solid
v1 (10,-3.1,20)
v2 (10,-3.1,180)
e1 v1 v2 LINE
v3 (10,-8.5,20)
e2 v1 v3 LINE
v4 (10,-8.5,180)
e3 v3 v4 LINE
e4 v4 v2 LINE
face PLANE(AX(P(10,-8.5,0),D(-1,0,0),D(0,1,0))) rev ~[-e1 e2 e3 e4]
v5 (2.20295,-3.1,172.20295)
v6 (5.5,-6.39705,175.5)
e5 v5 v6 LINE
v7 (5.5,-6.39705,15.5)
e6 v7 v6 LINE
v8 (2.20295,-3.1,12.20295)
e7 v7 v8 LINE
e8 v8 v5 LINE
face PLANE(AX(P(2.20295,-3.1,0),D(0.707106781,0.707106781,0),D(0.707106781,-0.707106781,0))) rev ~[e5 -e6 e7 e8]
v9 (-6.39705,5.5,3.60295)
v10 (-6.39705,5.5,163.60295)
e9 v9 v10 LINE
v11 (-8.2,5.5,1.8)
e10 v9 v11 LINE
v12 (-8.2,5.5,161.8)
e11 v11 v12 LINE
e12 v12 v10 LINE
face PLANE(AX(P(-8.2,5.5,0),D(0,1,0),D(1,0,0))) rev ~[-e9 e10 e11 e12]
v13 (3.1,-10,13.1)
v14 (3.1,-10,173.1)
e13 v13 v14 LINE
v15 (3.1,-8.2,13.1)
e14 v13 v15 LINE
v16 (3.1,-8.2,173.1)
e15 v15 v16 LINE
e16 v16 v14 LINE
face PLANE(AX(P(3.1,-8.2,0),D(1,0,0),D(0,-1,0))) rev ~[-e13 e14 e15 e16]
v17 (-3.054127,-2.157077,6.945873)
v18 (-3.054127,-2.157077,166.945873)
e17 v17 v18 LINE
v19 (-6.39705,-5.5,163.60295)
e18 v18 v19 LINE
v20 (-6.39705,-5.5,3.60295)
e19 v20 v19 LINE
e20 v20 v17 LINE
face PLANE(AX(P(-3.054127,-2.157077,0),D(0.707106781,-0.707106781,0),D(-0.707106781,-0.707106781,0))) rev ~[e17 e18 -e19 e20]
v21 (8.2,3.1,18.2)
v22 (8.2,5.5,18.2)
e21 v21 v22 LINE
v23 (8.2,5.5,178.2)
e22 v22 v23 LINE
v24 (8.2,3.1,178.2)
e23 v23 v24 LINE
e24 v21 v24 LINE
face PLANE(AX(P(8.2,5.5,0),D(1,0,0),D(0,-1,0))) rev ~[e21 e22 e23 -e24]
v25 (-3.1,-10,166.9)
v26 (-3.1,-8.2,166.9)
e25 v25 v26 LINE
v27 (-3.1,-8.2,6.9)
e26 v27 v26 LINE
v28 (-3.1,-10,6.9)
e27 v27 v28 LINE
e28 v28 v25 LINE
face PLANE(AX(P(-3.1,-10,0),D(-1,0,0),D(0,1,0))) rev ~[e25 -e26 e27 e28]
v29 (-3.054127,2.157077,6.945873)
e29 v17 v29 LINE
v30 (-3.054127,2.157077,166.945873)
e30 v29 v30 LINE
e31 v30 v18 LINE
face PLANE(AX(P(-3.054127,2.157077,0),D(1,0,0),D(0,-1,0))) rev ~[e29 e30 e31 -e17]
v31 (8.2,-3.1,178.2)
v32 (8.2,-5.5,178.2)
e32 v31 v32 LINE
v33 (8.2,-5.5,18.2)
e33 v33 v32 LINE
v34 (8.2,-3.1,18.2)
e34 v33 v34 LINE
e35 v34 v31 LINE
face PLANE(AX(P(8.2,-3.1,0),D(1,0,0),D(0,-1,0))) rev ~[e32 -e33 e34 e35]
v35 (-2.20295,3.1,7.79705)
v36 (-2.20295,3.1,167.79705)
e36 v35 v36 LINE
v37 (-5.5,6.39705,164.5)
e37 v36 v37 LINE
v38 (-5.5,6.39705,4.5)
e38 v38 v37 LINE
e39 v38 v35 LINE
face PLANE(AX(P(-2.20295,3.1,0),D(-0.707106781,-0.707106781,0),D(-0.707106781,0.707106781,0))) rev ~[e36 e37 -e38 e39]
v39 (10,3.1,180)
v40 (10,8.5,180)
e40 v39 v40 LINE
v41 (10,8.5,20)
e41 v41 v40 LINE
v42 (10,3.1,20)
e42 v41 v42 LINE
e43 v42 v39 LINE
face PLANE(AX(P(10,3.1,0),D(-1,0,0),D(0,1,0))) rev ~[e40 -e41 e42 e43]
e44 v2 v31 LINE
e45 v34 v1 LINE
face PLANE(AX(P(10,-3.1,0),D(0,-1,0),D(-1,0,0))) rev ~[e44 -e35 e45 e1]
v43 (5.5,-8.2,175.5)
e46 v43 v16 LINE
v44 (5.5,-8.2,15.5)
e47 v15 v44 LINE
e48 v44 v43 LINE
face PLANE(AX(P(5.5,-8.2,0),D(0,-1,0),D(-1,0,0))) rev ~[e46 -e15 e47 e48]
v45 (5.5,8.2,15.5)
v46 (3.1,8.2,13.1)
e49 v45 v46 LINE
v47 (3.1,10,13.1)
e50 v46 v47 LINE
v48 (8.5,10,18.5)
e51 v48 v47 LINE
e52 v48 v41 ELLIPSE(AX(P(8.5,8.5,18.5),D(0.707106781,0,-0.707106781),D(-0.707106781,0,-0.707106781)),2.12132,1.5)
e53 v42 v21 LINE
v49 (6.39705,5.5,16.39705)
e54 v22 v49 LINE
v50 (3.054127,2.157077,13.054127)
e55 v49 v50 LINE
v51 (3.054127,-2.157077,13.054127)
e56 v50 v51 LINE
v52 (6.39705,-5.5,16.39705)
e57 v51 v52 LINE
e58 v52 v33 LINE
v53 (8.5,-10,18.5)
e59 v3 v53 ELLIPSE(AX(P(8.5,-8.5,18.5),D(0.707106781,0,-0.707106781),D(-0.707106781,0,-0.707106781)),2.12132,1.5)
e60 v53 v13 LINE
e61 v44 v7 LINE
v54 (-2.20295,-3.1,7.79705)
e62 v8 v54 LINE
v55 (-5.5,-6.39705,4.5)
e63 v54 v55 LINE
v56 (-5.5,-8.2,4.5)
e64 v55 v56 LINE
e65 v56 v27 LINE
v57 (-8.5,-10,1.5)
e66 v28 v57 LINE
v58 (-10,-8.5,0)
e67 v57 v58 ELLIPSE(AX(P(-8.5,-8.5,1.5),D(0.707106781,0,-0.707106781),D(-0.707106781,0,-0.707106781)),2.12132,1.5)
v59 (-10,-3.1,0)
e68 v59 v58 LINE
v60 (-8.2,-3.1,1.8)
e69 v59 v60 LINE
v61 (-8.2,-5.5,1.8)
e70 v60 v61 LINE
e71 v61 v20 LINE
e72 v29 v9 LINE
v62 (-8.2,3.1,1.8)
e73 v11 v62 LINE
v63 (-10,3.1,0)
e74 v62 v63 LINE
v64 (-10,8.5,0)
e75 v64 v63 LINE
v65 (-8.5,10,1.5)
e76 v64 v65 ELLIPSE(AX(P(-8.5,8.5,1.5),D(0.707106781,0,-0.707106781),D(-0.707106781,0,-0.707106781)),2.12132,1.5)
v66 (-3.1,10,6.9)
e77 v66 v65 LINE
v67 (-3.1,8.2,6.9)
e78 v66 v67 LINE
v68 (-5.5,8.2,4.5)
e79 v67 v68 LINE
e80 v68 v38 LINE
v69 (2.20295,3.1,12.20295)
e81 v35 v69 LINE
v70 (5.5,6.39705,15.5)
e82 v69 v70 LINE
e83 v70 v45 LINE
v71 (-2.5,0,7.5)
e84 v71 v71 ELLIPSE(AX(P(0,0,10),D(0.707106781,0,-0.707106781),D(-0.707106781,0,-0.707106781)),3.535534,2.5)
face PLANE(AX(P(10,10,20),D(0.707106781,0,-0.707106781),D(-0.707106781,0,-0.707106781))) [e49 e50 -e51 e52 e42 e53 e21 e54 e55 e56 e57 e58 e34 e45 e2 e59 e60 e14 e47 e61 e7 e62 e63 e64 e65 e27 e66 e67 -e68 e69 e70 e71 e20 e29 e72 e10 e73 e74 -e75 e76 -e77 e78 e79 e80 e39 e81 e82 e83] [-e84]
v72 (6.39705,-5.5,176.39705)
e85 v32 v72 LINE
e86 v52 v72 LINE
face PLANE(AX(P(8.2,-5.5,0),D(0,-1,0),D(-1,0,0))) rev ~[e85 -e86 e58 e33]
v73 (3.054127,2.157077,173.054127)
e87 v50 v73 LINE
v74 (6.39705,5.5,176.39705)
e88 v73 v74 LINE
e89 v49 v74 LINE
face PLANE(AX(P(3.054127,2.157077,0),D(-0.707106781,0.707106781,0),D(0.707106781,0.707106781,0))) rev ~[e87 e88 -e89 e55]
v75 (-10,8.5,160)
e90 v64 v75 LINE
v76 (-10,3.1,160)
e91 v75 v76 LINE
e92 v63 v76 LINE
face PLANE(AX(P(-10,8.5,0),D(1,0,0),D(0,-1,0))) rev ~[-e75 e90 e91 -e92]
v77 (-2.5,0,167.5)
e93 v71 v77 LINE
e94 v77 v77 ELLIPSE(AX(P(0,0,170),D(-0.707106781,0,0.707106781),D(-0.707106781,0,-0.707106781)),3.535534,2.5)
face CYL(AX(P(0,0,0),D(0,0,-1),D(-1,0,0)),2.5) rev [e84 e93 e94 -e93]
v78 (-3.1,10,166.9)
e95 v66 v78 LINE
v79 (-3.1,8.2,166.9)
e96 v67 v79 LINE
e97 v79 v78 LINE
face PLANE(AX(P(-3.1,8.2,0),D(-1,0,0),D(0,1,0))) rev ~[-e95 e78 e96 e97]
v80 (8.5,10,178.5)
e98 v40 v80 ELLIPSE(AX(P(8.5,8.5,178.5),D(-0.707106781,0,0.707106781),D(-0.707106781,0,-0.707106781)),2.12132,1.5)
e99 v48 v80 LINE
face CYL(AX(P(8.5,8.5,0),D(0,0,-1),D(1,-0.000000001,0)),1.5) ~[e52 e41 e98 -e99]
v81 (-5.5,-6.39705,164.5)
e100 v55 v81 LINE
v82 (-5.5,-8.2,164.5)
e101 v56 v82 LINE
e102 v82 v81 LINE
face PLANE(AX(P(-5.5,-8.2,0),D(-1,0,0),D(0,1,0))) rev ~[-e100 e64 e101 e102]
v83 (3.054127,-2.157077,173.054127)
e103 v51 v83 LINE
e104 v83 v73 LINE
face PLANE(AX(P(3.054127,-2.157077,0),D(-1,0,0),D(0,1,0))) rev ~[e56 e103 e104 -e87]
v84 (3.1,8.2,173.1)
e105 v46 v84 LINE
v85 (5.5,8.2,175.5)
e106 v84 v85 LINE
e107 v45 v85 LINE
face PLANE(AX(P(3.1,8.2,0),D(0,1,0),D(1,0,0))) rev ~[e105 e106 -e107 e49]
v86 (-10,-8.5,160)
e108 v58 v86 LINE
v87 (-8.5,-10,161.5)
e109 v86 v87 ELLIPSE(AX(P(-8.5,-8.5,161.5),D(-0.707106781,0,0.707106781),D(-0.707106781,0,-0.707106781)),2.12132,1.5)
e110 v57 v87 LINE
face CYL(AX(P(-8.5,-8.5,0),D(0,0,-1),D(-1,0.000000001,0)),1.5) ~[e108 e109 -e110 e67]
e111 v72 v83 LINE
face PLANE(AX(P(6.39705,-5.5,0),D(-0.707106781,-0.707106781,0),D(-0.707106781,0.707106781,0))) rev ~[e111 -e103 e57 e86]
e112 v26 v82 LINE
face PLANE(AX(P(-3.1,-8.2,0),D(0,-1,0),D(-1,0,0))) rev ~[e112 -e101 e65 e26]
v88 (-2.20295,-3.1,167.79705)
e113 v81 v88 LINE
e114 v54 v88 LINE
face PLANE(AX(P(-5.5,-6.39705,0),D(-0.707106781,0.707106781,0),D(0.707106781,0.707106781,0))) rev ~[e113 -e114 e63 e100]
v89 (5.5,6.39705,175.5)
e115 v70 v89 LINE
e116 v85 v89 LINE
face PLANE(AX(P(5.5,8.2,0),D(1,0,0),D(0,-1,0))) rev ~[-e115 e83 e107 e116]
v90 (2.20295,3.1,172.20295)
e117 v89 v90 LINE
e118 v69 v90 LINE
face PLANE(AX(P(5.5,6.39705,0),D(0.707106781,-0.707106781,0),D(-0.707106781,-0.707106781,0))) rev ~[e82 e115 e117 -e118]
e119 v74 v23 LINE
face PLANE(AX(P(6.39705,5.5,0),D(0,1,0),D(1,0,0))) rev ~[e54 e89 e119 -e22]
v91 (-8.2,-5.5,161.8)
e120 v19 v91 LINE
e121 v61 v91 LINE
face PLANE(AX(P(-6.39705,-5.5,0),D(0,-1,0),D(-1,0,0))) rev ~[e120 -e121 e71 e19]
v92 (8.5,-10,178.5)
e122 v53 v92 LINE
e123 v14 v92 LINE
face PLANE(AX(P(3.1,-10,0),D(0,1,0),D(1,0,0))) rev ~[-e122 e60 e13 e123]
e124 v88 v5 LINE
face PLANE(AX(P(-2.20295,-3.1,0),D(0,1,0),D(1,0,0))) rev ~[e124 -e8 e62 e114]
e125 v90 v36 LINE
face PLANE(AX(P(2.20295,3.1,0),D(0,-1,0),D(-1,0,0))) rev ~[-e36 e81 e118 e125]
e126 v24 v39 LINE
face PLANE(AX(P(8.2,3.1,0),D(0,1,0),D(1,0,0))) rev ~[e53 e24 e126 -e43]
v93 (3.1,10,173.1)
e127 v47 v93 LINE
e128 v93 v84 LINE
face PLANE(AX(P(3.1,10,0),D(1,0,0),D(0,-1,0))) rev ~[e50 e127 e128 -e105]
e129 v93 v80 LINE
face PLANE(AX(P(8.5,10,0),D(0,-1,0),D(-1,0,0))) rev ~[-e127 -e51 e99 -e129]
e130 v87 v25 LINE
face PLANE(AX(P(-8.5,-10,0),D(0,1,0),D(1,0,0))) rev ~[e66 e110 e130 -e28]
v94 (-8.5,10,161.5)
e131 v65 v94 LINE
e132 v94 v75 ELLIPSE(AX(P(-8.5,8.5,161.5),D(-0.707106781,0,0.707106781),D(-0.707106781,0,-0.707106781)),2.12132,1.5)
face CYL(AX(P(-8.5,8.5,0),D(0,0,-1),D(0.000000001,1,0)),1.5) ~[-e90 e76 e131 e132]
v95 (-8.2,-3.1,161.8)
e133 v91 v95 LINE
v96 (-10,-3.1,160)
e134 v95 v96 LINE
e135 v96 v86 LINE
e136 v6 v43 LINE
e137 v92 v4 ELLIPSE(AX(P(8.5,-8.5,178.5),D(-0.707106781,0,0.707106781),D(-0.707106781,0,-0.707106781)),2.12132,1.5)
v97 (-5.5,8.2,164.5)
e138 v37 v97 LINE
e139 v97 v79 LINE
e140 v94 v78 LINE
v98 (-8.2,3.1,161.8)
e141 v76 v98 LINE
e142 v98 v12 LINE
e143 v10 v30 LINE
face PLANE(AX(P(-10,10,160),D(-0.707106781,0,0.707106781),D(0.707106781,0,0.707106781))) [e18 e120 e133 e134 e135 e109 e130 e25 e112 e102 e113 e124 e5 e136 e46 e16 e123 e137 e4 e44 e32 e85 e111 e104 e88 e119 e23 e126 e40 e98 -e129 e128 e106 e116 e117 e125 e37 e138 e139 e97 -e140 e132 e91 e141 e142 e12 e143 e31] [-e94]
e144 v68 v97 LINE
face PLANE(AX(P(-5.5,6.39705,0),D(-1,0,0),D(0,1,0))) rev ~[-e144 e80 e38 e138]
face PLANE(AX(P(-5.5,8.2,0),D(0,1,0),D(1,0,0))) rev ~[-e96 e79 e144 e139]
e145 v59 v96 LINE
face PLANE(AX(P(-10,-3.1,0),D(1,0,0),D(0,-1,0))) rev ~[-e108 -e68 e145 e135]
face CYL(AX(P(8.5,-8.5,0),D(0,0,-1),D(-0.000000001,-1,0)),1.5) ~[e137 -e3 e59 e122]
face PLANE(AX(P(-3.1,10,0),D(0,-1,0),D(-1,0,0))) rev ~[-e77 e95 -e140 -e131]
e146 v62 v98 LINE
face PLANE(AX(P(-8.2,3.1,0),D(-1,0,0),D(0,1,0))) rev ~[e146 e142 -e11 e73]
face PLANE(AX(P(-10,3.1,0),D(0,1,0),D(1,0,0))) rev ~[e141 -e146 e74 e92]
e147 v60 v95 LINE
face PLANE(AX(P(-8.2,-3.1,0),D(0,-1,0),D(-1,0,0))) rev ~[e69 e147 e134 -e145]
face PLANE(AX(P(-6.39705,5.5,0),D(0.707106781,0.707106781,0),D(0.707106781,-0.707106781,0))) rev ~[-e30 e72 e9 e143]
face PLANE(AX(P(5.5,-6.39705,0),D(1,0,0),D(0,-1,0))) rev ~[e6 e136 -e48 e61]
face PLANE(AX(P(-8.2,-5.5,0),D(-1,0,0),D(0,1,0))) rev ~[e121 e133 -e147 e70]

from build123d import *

# Parameters (mm, degrees)
SKETCH_1_R          = 2.5
EXTRUDE_1_DEPTH     = 180
CUT_EXTRUDE_1_DEPTH = 182.383571472


with BuildPart() as part:
    # 草图1 → 凸台-拉伸1 (new body)
    with BuildSketch(Plane.XY):
        with BuildLine():
            Line((-8.2, -3.1), (-10, -3.1))
            Line((-10, -3.1), (-10, -8.5))
            ThreePointArc((-10, -8.5), (-9.560660172, -9.560660172), (-8.5, -10))
            Line((-8.5, -10), (-3.1, -10))
            Line((-3.1, -10), (-3.1, -8.2))
            Line((-3.1, -8.2), (-5.5, -8.2))
            Line((-5.5, -8.2), (-5.5, -6.397050155))
            Line((-5.5, -6.397050155), (-2.202949845, -3.1))
            Line((-2.202949845, -3.1), (2.202949845, -3.1))
            Line((2.202949845, -3.1), (5.5, -6.397050155))
            Line((5.5, -6.397050155), (5.5, -8.2))
            Line((5.5, -8.2), (3.1, -8.2))
            Line((3.1, -8.2), (3.1, -10))
            Line((3.1, -10), (8.5, -10))
            ThreePointArc((8.5, -10), (9.560660172, -9.560660172), (10, -8.5))
            Line((10, -8.5), (10, -3.1))
            Line((10, -3.1), (8.2, -3.1))
            Line((8.2, -3.1), (8.2, -5.5))
            Line((8.2, -5.5), (6.397050155, -5.5))
            Line((6.397050155, -5.5), (3.05412702, -2.157076865))
            Line((3.05412702, -2.157076865), (3.05412702, 2.157076865))
            Line((3.05412702, 2.157076865), (6.397050155, 5.5))
            Line((6.397050155, 5.5), (8.2, 5.5))
            Line((8.2, 5.5), (8.2, 3.1))
            Line((8.2, 3.1), (10, 3.1))
            Line((10, 3.1), (10, 8.5))
            ThreePointArc((10, 8.5), (9.560660172, 9.560660172), (8.5, 10))
            Line((8.5, 10), (3.1, 10))
            Line((3.1, 10), (3.1, 8.2))
            Line((3.1, 8.2), (5.5, 8.2))
            Line((5.5, 8.2), (5.5, 6.397050155))
            Line((5.5, 6.397050155), (2.202949845, 3.1))
            Line((2.202949845, 3.1), (-2.202949845, 3.1))
            Line((-2.202949845, 3.1), (-5.5, 6.397050155))
            Line((-5.5, 6.397050155), (-5.5, 8.2))
            Line((-5.5, 8.2), (-3.1, 8.2))
            Line((-3.1, 8.2), (-3.1, 10))
            Line((-3.1, 10), (-8.5, 10))
            ThreePointArc((-8.5, 10), (-9.560660172, 9.560660172), (-10, 8.5))
            Line((-10, 8.5), (-10, 3.1))
            Line((-10, 3.1), (-8.2, 3.1))
            Line((-8.2, 3.1), (-8.2, 5.5))
            Line((-8.2, 5.5), (-6.397050155, 5.5))
            Line((-6.397050155, 5.5), (-3.05412702, 2.157076865))
            Line((-3.05412702, 2.157076865), (-3.05412702, -2.157076865))
            Line((-3.05412702, -2.157076865), (-6.397050155, -5.5))
            Line((-6.397050155, -5.5), (-8.2, -5.5))
            Line((-8.2, -5.5), (-8.2, -3.1))
        make_face()
        with Locations(Location((0, 0, 0), (0, 0, 180))):
            Circle(SKETCH_1_R, mode=Mode.SUBTRACT)
    extrude(amount=EXTRUDE_1_DEPTH)

    # 草图2 → 切除-拉伸1 (cut, through all)
    with BuildSketch(Plane(origin=(0, 10, 0), x_dir=(1, 0, 0), z_dir=(0, 1, 0))):
        Polygon((-10, 0), (10, 0), (10, -20), align=None)
        Polygon((-10, -180), (-10, -160), (10, -180), align=None)
    extrude(amount=-CUT_EXTRUDE_1_DEPTH, mode=Mode.SUBTRACT)


solid = part.part
